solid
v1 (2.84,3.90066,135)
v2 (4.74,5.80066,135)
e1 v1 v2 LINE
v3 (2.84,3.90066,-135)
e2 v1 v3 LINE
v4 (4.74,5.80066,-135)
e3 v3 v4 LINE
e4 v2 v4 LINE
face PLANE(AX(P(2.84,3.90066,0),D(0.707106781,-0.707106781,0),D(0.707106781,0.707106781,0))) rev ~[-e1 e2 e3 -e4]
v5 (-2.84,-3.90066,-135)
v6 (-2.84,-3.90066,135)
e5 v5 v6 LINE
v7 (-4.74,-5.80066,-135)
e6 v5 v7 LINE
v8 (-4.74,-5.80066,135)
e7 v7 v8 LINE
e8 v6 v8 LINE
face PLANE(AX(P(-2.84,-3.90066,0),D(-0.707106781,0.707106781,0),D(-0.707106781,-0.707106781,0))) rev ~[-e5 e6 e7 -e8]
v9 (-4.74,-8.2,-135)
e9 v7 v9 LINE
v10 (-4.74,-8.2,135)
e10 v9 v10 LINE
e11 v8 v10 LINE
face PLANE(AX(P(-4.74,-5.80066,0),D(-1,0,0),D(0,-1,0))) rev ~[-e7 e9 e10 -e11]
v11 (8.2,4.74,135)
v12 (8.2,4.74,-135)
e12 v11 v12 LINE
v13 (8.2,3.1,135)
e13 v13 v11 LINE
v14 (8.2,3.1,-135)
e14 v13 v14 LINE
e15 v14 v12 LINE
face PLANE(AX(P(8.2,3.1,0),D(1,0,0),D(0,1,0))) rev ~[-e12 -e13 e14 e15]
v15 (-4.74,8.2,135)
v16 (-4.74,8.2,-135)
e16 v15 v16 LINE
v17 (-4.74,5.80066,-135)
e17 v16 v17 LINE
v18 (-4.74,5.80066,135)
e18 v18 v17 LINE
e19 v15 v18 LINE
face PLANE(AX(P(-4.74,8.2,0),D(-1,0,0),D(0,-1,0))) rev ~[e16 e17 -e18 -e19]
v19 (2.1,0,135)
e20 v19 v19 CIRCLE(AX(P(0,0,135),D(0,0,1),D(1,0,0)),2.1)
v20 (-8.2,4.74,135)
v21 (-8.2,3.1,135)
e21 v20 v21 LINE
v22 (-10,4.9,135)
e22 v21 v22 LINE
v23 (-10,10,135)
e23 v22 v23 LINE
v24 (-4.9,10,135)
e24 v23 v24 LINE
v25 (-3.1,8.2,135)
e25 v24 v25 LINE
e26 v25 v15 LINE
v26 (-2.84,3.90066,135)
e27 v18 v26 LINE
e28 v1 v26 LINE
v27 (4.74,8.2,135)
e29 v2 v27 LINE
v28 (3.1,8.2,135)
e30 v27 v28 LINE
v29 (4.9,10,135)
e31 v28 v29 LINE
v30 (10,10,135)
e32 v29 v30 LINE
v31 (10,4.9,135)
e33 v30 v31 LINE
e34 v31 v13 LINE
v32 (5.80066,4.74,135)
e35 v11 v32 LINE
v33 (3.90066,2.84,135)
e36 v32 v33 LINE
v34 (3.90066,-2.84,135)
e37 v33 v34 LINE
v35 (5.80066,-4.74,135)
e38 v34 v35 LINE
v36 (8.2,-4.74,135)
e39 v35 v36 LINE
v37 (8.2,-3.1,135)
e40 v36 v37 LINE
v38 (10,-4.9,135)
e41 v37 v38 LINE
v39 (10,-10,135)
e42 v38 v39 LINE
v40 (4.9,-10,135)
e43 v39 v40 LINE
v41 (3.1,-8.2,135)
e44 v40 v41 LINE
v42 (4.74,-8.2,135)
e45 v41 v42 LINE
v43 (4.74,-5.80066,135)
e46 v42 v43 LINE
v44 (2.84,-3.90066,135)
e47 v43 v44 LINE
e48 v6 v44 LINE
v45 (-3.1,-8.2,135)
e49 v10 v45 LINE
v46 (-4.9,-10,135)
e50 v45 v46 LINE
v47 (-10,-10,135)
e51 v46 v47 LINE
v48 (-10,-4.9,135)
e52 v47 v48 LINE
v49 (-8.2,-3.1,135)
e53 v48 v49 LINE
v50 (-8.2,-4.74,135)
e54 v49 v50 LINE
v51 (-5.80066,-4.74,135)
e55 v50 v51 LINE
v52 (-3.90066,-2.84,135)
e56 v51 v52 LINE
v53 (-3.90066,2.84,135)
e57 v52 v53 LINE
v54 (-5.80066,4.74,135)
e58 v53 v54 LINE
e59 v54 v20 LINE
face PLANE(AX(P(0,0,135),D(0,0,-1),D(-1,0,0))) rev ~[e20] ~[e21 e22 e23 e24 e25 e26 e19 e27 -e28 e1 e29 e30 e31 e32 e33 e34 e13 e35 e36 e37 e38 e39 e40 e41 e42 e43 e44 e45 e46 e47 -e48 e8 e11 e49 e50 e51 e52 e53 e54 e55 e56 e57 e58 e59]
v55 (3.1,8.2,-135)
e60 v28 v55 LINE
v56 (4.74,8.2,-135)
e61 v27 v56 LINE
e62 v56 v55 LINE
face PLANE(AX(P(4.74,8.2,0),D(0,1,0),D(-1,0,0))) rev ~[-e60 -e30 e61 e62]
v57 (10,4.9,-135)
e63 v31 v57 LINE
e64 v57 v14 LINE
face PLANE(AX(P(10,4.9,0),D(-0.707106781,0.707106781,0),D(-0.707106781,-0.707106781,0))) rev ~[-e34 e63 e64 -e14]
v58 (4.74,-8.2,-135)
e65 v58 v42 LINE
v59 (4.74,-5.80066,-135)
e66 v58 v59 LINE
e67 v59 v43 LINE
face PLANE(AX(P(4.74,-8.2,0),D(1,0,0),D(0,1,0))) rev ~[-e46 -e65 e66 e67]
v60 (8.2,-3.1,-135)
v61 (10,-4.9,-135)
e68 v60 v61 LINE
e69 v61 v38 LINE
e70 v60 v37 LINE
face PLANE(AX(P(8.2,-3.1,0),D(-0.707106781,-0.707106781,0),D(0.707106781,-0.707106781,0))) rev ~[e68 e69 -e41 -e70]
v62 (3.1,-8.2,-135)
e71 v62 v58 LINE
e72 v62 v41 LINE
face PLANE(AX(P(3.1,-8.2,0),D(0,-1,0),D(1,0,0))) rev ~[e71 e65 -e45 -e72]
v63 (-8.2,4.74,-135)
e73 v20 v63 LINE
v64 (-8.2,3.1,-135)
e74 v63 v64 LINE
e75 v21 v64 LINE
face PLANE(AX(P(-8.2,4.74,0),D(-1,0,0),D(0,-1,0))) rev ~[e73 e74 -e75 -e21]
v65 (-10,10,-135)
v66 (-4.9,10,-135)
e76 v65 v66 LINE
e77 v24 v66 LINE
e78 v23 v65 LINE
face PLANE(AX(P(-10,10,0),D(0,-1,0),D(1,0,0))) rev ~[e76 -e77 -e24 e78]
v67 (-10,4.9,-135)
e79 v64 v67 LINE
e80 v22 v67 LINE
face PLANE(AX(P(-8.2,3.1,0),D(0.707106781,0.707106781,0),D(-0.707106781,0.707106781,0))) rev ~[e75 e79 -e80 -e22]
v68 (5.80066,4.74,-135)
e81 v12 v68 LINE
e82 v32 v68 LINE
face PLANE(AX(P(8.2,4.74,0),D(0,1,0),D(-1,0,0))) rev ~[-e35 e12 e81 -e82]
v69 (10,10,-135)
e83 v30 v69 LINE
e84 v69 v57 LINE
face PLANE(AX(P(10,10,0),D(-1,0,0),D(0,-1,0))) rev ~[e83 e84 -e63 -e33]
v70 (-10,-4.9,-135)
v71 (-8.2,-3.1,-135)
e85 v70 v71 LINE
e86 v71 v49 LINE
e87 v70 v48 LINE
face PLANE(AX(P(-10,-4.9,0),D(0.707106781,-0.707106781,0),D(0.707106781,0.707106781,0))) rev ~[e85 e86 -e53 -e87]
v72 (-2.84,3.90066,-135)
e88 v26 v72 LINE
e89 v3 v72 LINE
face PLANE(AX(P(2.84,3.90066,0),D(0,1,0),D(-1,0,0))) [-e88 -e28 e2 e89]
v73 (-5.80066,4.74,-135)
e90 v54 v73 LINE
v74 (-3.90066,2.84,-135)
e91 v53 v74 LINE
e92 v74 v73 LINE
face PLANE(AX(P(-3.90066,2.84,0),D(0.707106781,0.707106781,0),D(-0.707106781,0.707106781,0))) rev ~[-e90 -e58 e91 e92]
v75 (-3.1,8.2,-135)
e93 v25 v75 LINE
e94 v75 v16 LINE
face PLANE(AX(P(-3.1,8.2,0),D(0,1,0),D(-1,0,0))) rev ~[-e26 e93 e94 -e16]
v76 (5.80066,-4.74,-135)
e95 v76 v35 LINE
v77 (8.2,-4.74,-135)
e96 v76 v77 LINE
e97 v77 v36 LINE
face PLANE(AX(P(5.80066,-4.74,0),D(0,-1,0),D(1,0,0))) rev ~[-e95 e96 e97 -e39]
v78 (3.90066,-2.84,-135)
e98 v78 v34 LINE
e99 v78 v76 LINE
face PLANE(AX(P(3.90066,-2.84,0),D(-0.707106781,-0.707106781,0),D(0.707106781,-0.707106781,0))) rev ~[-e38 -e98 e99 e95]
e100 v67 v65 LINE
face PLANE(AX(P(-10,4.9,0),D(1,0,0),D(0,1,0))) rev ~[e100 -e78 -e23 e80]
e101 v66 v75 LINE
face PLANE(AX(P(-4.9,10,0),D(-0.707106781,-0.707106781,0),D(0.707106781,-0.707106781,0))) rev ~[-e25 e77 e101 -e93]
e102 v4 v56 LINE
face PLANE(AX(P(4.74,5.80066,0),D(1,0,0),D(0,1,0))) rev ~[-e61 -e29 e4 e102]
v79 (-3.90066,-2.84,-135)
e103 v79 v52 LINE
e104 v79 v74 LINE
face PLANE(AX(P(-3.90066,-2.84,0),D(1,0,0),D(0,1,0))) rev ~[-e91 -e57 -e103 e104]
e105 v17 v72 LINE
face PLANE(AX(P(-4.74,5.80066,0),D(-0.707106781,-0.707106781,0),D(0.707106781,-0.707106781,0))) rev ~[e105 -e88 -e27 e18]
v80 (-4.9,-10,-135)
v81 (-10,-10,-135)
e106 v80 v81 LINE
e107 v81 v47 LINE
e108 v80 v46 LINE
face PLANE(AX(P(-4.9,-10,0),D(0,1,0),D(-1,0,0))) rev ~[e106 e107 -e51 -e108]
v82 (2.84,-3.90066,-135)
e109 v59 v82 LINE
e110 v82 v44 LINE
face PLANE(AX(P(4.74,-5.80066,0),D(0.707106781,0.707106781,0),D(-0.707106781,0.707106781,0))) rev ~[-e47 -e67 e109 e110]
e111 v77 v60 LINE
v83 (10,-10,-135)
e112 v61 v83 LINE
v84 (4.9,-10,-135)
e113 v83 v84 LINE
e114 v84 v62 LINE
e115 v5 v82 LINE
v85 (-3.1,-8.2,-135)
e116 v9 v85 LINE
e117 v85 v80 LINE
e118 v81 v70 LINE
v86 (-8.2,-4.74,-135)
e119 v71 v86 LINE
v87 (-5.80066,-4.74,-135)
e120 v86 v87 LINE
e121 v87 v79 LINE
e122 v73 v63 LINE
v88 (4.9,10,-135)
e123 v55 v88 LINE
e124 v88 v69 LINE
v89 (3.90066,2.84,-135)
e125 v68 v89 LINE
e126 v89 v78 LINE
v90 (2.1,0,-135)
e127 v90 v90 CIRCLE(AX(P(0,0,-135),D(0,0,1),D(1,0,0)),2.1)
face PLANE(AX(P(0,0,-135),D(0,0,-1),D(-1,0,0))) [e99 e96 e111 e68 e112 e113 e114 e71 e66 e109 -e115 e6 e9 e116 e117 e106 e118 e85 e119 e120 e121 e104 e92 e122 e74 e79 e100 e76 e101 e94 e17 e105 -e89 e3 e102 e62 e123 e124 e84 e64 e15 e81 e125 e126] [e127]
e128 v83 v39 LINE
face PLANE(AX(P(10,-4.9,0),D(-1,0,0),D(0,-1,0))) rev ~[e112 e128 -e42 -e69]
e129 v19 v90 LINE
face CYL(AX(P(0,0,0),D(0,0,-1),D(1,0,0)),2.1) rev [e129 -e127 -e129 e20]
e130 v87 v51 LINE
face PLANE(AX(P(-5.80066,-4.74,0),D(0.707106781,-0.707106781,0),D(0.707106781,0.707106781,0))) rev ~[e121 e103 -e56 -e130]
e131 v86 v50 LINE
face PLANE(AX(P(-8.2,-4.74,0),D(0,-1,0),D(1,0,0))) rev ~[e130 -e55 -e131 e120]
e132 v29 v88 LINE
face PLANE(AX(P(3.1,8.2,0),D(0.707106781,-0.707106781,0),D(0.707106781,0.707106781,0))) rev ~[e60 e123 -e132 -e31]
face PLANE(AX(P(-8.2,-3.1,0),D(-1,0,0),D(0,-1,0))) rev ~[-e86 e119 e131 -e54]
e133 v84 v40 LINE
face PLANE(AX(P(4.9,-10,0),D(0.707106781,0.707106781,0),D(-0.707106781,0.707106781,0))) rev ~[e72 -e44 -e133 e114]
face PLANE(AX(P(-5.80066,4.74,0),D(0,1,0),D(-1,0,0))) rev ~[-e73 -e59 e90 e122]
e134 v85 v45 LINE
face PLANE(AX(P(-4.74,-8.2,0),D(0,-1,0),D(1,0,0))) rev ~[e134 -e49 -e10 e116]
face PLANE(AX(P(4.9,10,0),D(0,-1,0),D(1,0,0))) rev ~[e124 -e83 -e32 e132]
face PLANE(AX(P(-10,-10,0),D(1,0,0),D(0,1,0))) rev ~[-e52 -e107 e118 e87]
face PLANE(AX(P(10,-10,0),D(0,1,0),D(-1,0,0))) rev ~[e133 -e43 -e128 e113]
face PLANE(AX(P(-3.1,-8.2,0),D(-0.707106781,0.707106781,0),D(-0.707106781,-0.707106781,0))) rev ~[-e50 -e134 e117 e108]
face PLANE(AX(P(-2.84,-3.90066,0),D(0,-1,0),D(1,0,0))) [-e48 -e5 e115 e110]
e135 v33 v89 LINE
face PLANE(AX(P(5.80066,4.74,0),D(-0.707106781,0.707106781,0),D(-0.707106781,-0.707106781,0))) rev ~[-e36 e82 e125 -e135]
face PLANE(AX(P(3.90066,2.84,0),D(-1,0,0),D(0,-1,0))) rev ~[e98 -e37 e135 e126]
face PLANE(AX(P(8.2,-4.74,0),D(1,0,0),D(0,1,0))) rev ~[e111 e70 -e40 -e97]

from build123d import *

# Parameters (mm, degrees)
SKETCH1_R           = 2.1
BOSS_EXTRUDE1_DEPTH = 135


with BuildPart() as part:
    # Sketch1 → Boss-Extrude1 (new, symmetric)
    with BuildSketch(Plane.XY):
        Polygon((-3.900660172, -2.84), (-3.900660172, 2.84), (-5.800660172, 4.74), (-8.2, 4.74), (-8.2, 3.1), (-10, 4.9), (-10, 10), (-4.9, 10), (-3.1, 8.2), (-4.74, 8.2), (-4.74, 5.800660172), (-2.84, 3.900660172), (0, 3.900660172), (2.84, 3.900660172), (4.74, 5.800660172), (4.74, 8.2), (3.1, 8.2), (4.9, 10), (10, 10), (10, 4.9), (8.2, 3.1), (8.2, 4.74), (5.800660172, 4.74), (3.900660172, 2.84), (3.900660172, -2.84), (5.800660172, -4.74), (8.2, -4.74), (8.2, -3.1), (10, -4.9), (10, -10), (4.9, -10), (3.1, -8.2), (4.74, -8.2), (4.74, -5.800660172), (2.84, -3.900660172), (0, -3.900660172), (-2.84, -3.900660172), (-4.74, -5.800660172), (-4.74, -8.2), (-3.1, -8.2), (-4.9, -10), (-10, -10), (-10, -4.9), (-8.2, -3.1), (-8.2, -4.74), (-5.800660172, -4.74), align=None)
        Circle(SKETCH1_R, mode=Mode.SUBTRACT)
    extrude(amount=BOSS_EXTRUDE1_DEPTH, both=True)


solid = part.part
